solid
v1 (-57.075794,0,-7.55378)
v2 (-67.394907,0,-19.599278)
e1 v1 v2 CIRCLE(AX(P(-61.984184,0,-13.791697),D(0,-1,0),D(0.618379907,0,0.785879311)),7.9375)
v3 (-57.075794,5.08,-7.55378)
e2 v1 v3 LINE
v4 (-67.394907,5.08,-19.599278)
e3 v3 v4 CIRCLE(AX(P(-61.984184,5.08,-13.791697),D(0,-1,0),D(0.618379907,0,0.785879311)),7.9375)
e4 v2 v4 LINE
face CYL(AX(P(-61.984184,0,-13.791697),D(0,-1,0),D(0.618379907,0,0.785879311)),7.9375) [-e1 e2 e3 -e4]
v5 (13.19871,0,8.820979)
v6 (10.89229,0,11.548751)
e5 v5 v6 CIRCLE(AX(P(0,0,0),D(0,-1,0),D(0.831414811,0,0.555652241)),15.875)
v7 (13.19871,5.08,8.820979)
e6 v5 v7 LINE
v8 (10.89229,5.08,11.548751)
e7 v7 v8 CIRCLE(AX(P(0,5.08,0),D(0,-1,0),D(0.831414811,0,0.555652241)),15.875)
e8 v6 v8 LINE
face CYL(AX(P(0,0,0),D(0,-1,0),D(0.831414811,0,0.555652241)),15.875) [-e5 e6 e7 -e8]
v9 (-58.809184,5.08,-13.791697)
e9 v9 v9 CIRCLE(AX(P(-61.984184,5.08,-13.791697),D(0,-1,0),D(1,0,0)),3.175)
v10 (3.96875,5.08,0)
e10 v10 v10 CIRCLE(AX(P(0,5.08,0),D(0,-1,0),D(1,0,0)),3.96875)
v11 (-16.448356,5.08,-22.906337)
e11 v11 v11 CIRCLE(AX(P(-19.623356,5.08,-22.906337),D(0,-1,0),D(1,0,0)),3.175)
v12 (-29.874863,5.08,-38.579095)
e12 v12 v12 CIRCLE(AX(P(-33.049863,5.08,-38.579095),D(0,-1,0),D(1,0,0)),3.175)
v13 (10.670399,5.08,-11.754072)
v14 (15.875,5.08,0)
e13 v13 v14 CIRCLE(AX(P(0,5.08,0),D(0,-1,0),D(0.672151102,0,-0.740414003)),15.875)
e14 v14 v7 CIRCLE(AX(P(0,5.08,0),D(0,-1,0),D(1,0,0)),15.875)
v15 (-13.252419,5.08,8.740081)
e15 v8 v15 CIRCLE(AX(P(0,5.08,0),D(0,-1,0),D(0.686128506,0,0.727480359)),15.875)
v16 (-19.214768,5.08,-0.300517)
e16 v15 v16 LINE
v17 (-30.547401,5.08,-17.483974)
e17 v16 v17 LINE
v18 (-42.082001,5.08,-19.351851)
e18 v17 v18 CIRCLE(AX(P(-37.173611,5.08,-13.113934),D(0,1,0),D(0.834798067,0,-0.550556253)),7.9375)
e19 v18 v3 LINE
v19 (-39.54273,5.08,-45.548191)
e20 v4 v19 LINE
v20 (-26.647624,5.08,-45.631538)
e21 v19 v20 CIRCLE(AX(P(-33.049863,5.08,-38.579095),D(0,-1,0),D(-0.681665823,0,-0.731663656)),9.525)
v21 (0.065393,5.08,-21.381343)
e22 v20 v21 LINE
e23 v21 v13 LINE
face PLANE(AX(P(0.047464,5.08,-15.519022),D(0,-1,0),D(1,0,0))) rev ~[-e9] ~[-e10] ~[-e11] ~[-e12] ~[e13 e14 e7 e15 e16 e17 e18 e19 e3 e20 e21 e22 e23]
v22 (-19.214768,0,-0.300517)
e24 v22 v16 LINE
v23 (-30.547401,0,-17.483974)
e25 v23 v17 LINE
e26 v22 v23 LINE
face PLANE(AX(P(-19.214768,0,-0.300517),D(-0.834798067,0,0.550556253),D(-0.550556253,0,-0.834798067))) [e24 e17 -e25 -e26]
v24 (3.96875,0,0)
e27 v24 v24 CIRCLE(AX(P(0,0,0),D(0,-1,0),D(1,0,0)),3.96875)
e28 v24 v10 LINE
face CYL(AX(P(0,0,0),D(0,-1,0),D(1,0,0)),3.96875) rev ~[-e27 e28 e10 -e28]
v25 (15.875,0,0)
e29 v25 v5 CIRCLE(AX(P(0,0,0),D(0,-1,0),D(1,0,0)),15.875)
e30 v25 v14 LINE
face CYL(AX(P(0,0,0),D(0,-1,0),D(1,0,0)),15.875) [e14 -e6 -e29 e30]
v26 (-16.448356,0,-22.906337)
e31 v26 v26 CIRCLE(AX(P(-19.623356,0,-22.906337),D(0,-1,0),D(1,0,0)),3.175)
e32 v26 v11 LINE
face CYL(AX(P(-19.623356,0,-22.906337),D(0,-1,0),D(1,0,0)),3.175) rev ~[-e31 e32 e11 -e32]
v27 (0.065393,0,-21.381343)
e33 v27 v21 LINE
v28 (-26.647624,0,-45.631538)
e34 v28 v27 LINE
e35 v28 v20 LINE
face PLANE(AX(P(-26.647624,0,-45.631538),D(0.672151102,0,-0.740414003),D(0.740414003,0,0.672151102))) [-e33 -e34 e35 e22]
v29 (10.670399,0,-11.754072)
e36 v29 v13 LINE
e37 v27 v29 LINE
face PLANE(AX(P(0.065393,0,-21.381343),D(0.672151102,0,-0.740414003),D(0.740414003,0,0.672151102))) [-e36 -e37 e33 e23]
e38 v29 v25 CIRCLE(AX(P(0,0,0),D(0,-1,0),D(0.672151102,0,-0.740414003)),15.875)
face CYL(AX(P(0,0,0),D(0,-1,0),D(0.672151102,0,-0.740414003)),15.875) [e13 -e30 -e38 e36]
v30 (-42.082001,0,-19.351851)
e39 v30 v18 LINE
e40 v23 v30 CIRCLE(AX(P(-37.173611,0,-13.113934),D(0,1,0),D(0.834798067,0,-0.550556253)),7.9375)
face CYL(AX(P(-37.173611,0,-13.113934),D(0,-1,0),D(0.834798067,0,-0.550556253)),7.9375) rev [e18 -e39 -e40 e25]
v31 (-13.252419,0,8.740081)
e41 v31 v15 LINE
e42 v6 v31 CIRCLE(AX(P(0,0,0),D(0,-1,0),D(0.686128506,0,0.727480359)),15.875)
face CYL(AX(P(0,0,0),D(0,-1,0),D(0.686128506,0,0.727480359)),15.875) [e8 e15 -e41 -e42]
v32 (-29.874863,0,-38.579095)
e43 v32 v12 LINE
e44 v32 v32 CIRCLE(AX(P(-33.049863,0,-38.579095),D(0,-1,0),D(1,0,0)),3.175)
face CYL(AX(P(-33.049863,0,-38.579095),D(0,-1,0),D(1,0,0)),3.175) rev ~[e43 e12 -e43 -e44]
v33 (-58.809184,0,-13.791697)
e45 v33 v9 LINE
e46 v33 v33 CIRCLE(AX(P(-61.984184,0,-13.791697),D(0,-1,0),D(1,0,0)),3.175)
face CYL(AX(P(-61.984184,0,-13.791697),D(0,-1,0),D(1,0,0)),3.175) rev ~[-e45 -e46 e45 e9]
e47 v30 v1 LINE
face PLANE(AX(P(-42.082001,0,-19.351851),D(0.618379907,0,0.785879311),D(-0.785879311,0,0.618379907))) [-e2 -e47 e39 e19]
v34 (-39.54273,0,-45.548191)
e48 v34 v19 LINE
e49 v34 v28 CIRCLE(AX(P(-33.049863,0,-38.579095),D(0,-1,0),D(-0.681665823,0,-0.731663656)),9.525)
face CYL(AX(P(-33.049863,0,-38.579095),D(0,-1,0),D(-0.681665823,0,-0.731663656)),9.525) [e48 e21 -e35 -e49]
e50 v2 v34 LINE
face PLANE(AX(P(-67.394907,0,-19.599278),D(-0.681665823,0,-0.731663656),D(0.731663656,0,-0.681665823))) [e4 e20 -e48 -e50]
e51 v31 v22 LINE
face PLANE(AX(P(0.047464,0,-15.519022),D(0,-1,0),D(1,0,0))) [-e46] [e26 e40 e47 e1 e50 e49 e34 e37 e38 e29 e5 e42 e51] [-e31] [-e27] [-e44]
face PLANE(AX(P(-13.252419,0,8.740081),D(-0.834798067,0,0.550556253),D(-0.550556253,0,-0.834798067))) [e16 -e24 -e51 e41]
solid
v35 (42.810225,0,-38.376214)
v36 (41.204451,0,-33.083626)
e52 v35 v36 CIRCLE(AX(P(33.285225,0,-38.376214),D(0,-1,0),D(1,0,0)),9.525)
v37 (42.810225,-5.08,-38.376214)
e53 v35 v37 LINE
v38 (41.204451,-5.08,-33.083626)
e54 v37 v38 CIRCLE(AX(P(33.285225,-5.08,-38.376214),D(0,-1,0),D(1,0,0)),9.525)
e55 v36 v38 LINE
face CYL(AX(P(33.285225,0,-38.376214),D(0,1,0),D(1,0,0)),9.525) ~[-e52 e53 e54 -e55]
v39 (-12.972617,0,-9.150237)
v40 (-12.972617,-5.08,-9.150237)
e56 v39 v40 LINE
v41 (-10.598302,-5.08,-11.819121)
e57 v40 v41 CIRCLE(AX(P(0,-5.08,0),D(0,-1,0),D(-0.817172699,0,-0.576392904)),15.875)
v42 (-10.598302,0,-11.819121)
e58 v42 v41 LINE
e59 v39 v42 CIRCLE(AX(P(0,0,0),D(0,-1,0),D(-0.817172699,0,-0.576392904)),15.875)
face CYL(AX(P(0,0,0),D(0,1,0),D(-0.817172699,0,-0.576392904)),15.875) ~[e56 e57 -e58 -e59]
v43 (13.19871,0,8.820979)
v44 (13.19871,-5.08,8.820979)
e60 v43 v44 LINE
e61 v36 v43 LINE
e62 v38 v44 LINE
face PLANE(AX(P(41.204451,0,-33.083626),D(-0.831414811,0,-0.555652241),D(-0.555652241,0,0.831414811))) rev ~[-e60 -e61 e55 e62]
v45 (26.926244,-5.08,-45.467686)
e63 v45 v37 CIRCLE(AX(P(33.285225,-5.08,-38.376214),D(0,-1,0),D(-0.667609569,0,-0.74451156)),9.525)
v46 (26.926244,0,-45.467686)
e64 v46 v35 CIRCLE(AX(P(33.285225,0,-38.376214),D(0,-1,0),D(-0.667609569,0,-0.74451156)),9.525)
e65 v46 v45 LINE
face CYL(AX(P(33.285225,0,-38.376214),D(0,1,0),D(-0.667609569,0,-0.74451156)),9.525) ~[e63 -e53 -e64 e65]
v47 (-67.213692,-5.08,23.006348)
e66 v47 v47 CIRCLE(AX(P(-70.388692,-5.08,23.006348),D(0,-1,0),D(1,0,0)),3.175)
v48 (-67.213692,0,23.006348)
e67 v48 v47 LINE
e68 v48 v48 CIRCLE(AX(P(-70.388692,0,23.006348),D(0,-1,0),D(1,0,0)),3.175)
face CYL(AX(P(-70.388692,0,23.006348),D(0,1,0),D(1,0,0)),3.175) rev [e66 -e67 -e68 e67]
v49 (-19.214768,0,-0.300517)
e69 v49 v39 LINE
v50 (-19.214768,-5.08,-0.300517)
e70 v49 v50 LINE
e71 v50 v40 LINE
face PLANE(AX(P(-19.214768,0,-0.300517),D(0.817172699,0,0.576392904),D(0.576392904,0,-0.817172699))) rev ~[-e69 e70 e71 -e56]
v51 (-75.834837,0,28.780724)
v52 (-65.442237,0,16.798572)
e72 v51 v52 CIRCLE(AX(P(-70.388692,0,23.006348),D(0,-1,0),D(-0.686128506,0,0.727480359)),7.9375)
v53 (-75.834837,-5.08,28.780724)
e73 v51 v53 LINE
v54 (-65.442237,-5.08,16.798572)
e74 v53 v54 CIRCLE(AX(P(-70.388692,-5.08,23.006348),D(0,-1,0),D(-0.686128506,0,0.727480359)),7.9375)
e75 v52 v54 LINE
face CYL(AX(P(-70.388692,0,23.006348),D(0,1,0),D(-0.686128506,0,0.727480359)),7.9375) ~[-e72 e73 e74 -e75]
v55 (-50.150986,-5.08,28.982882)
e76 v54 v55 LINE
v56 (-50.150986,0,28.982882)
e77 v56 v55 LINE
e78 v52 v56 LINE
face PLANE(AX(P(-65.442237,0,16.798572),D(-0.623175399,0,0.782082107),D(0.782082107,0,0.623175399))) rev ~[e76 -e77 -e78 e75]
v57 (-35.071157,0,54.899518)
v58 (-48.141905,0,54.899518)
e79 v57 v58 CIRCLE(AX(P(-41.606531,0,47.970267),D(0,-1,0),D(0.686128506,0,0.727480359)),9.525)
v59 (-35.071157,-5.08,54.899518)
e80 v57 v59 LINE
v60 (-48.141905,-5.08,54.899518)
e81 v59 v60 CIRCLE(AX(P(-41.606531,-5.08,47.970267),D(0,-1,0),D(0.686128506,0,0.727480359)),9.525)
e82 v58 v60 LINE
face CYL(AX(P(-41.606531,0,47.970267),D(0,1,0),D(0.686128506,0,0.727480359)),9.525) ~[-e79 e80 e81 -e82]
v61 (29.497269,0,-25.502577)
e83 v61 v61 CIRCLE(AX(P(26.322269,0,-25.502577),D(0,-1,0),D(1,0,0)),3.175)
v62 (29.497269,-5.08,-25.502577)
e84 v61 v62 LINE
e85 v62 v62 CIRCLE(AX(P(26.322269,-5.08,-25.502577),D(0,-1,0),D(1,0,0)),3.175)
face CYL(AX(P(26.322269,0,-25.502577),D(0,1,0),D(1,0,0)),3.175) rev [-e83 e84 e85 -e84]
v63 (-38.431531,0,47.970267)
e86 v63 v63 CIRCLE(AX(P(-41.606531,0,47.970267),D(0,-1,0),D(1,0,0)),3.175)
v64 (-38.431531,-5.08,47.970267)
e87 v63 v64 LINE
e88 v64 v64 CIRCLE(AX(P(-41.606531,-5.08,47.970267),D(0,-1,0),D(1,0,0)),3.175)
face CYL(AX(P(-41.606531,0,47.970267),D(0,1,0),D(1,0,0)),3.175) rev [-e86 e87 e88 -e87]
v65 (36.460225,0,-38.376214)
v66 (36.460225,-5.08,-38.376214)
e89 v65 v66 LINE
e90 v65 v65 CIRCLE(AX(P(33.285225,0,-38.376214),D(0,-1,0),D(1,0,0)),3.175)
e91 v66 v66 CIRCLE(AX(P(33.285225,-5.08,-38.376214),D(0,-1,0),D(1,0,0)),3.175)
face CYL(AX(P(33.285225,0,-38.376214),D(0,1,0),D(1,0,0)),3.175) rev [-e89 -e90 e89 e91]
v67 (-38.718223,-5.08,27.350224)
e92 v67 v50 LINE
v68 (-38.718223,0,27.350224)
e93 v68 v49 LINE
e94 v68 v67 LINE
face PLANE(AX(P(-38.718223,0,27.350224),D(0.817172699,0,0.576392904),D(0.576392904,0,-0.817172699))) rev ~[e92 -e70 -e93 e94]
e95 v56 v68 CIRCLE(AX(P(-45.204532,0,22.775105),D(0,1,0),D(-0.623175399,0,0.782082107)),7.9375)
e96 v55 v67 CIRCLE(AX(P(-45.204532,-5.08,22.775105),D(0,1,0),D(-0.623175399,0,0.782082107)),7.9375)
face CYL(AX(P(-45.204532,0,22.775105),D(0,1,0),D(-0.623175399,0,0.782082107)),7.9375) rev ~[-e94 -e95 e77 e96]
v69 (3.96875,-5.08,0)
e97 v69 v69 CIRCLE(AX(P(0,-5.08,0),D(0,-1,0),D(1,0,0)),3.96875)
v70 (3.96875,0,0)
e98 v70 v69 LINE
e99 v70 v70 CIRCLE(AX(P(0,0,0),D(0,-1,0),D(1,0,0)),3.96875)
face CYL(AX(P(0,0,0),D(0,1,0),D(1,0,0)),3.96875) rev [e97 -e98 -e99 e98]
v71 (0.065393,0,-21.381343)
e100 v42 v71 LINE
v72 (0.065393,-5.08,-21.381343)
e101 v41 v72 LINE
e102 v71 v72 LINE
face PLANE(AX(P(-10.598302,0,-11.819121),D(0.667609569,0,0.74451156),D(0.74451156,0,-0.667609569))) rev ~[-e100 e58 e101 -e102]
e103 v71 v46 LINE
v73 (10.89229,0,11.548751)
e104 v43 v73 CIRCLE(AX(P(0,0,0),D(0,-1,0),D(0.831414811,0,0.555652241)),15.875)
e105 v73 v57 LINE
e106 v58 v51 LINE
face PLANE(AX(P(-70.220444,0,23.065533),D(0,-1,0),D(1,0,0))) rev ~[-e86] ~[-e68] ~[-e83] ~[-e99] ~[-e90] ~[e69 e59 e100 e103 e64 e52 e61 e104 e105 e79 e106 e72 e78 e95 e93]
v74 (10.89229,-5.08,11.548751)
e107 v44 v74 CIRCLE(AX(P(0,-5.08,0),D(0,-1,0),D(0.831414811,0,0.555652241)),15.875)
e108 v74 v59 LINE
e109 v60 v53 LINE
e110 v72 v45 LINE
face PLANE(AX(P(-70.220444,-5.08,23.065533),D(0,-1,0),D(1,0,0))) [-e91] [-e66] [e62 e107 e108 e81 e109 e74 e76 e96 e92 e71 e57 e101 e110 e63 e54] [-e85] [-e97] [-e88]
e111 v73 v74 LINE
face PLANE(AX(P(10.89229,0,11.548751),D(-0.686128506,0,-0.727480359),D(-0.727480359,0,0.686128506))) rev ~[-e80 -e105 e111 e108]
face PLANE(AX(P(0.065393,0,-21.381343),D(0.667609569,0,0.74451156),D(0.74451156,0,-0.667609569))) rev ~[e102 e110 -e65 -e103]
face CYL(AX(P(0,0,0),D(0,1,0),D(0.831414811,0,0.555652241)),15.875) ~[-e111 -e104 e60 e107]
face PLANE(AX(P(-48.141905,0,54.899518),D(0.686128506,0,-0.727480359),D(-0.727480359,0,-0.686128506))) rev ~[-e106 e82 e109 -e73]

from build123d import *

# Parameters (mm, degrees)
F0_R     = 3.175
F0_R_2   = 3.96875
F2_DEPTH = 5.08
F3_DEPTH = 5.08


with BuildPart() as f2:
    # F0 (on Front) → F2 (new body)
    with BuildSketch(Plane.XZ):
        with BuildLine():
            ThreePointArc((-62.4511918078, 23.0063483758), (-67.2442419203, 30.2944442282), (-75.8348368232, 28.7807237291))
            ThreePointArc((-75.8348368232, 28.7807237291), (-76.3849752141, 17.8055319436), (-65.4422370763, 16.798571653))
            ThreePointArc((-65.4422370763, 16.798571653), (-63.237943921, 19.5609585706), (-62.4511918078, 23.0063483758))
        make_face()
        with Locations((-70.3886918078, 23.0063483758)):
            Circle(F0_R, mode=Mode.SUBTRACT)
        with BuildLine():
            ThreePointArc((-13.2524193062, 8.7400805221), (-1.834314477, 15.7686687897), (10.8922900307, 11.5487507067))
            Line((10.8922900307, 11.5487507067), (-35.0711574392, 54.8995176744))
            ThreePointArc((-35.0711574392, 54.8995176744), (-32.8608164346, 51.7436071154), (-32.0815314576, 47.9702672503))
            ThreePointArc((-32.0815314576, 47.9702672503), (-45.3798713227, 39.2245522274), (-48.1419054761, 54.8995176744))
            Line((-48.1419054761, 54.8995176744), (-75.8348368232, 28.7807237291))
            ThreePointArc((-75.8348368232, 28.7807237291), (-67.2442419203, 30.2944442282), (-62.4511918078, 23.0063483758))
            ThreePointArc((-62.4511918078, 23.0063483758), (-63.237943921, 19.5609585706), (-65.4422370763, 16.798571653))
            Line((-65.4422370763, 16.798571653), (-50.1509863937, 28.9828821829))
            ThreePointArc((-50.1509863937, 28.9828821829), (-44.0823996147, 30.6328866939), (-38.7182233604, 27.3502241323))
            Line((-38.7182233604, 27.3502241323), (-19.2147683858, -0.3005169703))
            Line((-19.2147683858, -0.3005169703), (-13.2524193062, 8.7400805221))
        make_face()
        with BuildLine():
            ThreePointArc((-32.0815314576, 47.9702672503), (-32.8608164346, 51.7436071154), (-35.0711574392, 54.8995176744))
            ThreePointArc((-35.0711574392, 54.8995176744), (-41.6065314576, 57.4952672503), (-48.1419054761, 54.8995176744))
            ThreePointArc((-48.1419054761, 54.8995176744), (-45.3798713227, 39.2245522274), (-32.0815314576, 47.9702672503))
        make_face()
        with Locations((-41.6065314576, 47.9702672503)):
            Circle(F0_R, mode=Mode.SUBTRACT)
        with BuildLine():
            ThreePointArc((15.875, 0), (15.1912005478, 4.609018433), (13.1987101208, 8.820979319))
            ThreePointArc((13.1987101208, 8.820979319), (12.1224690662, 10.2499448164), (10.8922900307, 11.5487507067))
            ThreePointArc((10.8922900307, 11.5487507067), (-1.834314477, 15.7686687897), (-13.2524193062, 8.7400805221))
            ThreePointArc((-13.2524193062, 8.7400805221), (-15.8730587934, -0.2482529814), (-12.9726166036, -9.1502373442))
            ThreePointArc((-12.9726166036, -9.1502373442), (-11.8607666217, -10.5516747555), (-10.5983019047, -11.8191210221))
            ThreePointArc((-10.5983019047, -11.8191210221), (0.0485522706, -15.8749257534), (10.6703987497, -11.7540722953))
            ThreePointArc((10.6703987497, -11.7540722953), (14.5156502636, -6.4274040191), (15.875, 0))
        make_face()
        Circle(F0_R_2, mode=Mode.SUBTRACT)
        with BuildLine():
            ThreePointArc((-12.9726166036, -9.1502373442), (-15.8730587934, -0.2482529814), (-13.2524193062, 8.7400805221))
            Line((-13.2524193062, 8.7400805221), (-19.2147683858, -0.3005169703))
            Line((-19.2147683858, -0.3005169703), (-12.9726166036, -9.1502373442))
        make_face()
        with BuildLine():
            Line((-10.5983019047, -11.8191210221), (0.0653932355, -21.3813431455))
            Line((0.0653932355, -21.3813431455), (10.6703987497, -11.7540722953))
            ThreePointArc((10.6703987497, -11.7540722953), (0.0485522706, -15.8749257534), (-10.5983019047, -11.8191210221))
        make_face()
        with BuildLine():
            ThreePointArc((26.9262440233, -45.4676864135), (27.0442454474, -31.1806737127), (41.2044512386, -33.0836262089))
            Line((41.2044512386, -33.0836262089), (13.1987101208, 8.820979319))
            ThreePointArc((13.1987101208, 8.820979319), (15.1912005478, 4.609018433), (15.875, 0))
            ThreePointArc((15.875, 0), (14.5156502636, -6.4274040191), (10.6703987497, -11.7540722953))
            Line((10.6703987497, -11.7540722953), (0.0653932355, -21.3813431455))
            Line((0.0653932355, -21.3813431455), (26.9262440233, -45.4676864135))
        make_face()
        with Locations((26.3222689506, -25.5025770961)):
            Circle(F0_R, mode=Mode.SUBTRACT)
        with BuildLine():
            ThreePointArc((26.9262440233, -45.4676864135), (37.1682864336, -47.0737686401), (42.8102251661, -38.3762138003))
            ThreePointArc((42.8102251661, -38.3762138003), (42.3999454948, -35.6108027404), (41.2044512386, -33.0836262089))
            ThreePointArc((41.2044512386, -33.0836262089), (27.0442454474, -31.1806737127), (26.9262440233, -45.4676864135))
        make_face()
        with Locations((33.2852251661, -38.3762138003)):
            Circle(F0_R, mode=Mode.SUBTRACT)
    extrude(amount=F2_DEPTH)


with BuildPart() as f3:
    # F0 (on Front) → F3 (new body)
    with BuildSketch(Plane.XZ):
        with BuildLine():
            Line((-10.5983019047, -11.8191210221), (0.0653932355, -21.3813431455))
            Line((0.0653932355, -21.3813431455), (10.6703987497, -11.7540722953))
            ThreePointArc((10.6703987497, -11.7540722953), (0.0485522706, -15.8749257534), (-10.5983019047, -11.8191210221))
        make_face()
        with BuildLine():
            ThreePointArc((-12.9726166036, -9.1502373442), (-15.8730587934, -0.2482529814), (-13.2524193062, 8.7400805221))
            Line((-13.2524193062, 8.7400805221), (-19.2147683858, -0.3005169703))
            Line((-19.2147683858, -0.3005169703), (-12.9726166036, -9.1502373442))
        make_face()
        with BuildLine():
            ThreePointArc((15.875, 0), (15.1912005478, 4.609018433), (13.1987101208, 8.820979319))
            ThreePointArc((13.1987101208, 8.820979319), (12.1224690662, 10.2499448164), (10.8922900307, 11.5487507067))
            ThreePointArc((10.8922900307, 11.5487507067), (-1.834314477, 15.7686687897), (-13.2524193062, 8.7400805221))
            ThreePointArc((-13.2524193062, 8.7400805221), (-15.8730587934, -0.2482529814), (-12.9726166036, -9.1502373442))
            ThreePointArc((-12.9726166036, -9.1502373442), (-11.8607666217, -10.5516747555), (-10.5983019047, -11.8191210221))
            ThreePointArc((-10.5983019047, -11.8191210221), (0.0485522706, -15.8749257534), (10.6703987497, -11.7540722953))
            ThreePointArc((10.6703987497, -11.7540722953), (14.5156502636, -6.4274040191), (15.875, 0))
        make_face()
        Circle(F0_R_2, mode=Mode.SUBTRACT)
        with BuildLine():
            Line((-26.647623873, -45.6315380732), (0.0653932355, -21.3813431455))
            Line((0.0653932355, -21.3813431455), (-10.5983019047, -11.8191210221))
            ThreePointArc((-10.5983019047, -11.8191210221), (-11.8607666217, -10.5516747555), (-12.9726166036, -9.1502373442))
            Line((-12.9726166036, -9.1502373442), (-19.2147683858, -0.3005169703))
            Line((-19.2147683858, -0.3005169703), (-30.5474012326, -17.4839744853))
            ThreePointArc((-30.5474012326, -17.4839744853), (-35.9047663103, -20.9493627188), (-42.0820013957, -19.3518512525))
            Line((-42.0820013957, -19.3518512525), (-57.0757936348, -7.5537803256))
            ThreePointArc((-57.0757936348, -7.5537803256), (-54.8440071189, -10.3244537385), (-54.0466841448, -13.7916973539))
            ThreePointArc((-54.0466841448, -13.7916973539), (-58.817458973, -21.070142101), (-67.394906617, -19.5992776228))
            Line((-67.394906617, -19.5992776228), (-39.5427300894, -45.5481910186))
            ThreePointArc((-39.5427300894, -45.5481910186), (-36.849933329, -29.8449609995), (-23.5248631228, -38.579094696))
            ThreePointArc((-23.5248631228, -38.579094696), (-24.3404729646, -42.4355371074), (-26.647623873, -45.6315380732))
        make_face()
        with Locations((-19.6233562292, -22.9063374758)):
            Circle(F0_R, mode=Mode.SUBTRACT)
        with BuildLine():
            ThreePointArc((-39.5427300894, -45.5481910186), (-33.1114263313, -48.1038957423), (-26.647623873, -45.6315380732))
            ThreePointArc((-26.647623873, -45.6315380732), (-24.3404729646, -42.4355371074), (-23.5248631228, -38.579094696))
            ThreePointArc((-23.5248631228, -38.579094696), (-36.849933329, -29.8449609995), (-39.5427300894, -45.5481910186))
        make_face()
        with Locations((-33.0498631228, -38.579094696)):
            Circle(F0_R, mode=Mode.SUBTRACT)
        with BuildLine():
            ThreePointArc((-57.0757936348, -7.5537803256), (-68.0121676911, -8.627656241), (-67.394906617, -19.5992776228))
            ThreePointArc((-67.394906617, -19.5992776228), (-58.817458973, -21.070142101), (-54.0466841448, -13.7916973539))
            ThreePointArc((-54.0466841448, -13.7916973539), (-54.8440071189, -10.3244537385), (-57.0757936348, -7.5537803256))
        make_face()
        with Locations((-61.9841841448, -13.7916973539)):
            Circle(F0_R, mode=Mode.SUBTRACT)
    extrude(amount=-F3_DEPTH)


solid = Compound([f2.part, f3.part])
